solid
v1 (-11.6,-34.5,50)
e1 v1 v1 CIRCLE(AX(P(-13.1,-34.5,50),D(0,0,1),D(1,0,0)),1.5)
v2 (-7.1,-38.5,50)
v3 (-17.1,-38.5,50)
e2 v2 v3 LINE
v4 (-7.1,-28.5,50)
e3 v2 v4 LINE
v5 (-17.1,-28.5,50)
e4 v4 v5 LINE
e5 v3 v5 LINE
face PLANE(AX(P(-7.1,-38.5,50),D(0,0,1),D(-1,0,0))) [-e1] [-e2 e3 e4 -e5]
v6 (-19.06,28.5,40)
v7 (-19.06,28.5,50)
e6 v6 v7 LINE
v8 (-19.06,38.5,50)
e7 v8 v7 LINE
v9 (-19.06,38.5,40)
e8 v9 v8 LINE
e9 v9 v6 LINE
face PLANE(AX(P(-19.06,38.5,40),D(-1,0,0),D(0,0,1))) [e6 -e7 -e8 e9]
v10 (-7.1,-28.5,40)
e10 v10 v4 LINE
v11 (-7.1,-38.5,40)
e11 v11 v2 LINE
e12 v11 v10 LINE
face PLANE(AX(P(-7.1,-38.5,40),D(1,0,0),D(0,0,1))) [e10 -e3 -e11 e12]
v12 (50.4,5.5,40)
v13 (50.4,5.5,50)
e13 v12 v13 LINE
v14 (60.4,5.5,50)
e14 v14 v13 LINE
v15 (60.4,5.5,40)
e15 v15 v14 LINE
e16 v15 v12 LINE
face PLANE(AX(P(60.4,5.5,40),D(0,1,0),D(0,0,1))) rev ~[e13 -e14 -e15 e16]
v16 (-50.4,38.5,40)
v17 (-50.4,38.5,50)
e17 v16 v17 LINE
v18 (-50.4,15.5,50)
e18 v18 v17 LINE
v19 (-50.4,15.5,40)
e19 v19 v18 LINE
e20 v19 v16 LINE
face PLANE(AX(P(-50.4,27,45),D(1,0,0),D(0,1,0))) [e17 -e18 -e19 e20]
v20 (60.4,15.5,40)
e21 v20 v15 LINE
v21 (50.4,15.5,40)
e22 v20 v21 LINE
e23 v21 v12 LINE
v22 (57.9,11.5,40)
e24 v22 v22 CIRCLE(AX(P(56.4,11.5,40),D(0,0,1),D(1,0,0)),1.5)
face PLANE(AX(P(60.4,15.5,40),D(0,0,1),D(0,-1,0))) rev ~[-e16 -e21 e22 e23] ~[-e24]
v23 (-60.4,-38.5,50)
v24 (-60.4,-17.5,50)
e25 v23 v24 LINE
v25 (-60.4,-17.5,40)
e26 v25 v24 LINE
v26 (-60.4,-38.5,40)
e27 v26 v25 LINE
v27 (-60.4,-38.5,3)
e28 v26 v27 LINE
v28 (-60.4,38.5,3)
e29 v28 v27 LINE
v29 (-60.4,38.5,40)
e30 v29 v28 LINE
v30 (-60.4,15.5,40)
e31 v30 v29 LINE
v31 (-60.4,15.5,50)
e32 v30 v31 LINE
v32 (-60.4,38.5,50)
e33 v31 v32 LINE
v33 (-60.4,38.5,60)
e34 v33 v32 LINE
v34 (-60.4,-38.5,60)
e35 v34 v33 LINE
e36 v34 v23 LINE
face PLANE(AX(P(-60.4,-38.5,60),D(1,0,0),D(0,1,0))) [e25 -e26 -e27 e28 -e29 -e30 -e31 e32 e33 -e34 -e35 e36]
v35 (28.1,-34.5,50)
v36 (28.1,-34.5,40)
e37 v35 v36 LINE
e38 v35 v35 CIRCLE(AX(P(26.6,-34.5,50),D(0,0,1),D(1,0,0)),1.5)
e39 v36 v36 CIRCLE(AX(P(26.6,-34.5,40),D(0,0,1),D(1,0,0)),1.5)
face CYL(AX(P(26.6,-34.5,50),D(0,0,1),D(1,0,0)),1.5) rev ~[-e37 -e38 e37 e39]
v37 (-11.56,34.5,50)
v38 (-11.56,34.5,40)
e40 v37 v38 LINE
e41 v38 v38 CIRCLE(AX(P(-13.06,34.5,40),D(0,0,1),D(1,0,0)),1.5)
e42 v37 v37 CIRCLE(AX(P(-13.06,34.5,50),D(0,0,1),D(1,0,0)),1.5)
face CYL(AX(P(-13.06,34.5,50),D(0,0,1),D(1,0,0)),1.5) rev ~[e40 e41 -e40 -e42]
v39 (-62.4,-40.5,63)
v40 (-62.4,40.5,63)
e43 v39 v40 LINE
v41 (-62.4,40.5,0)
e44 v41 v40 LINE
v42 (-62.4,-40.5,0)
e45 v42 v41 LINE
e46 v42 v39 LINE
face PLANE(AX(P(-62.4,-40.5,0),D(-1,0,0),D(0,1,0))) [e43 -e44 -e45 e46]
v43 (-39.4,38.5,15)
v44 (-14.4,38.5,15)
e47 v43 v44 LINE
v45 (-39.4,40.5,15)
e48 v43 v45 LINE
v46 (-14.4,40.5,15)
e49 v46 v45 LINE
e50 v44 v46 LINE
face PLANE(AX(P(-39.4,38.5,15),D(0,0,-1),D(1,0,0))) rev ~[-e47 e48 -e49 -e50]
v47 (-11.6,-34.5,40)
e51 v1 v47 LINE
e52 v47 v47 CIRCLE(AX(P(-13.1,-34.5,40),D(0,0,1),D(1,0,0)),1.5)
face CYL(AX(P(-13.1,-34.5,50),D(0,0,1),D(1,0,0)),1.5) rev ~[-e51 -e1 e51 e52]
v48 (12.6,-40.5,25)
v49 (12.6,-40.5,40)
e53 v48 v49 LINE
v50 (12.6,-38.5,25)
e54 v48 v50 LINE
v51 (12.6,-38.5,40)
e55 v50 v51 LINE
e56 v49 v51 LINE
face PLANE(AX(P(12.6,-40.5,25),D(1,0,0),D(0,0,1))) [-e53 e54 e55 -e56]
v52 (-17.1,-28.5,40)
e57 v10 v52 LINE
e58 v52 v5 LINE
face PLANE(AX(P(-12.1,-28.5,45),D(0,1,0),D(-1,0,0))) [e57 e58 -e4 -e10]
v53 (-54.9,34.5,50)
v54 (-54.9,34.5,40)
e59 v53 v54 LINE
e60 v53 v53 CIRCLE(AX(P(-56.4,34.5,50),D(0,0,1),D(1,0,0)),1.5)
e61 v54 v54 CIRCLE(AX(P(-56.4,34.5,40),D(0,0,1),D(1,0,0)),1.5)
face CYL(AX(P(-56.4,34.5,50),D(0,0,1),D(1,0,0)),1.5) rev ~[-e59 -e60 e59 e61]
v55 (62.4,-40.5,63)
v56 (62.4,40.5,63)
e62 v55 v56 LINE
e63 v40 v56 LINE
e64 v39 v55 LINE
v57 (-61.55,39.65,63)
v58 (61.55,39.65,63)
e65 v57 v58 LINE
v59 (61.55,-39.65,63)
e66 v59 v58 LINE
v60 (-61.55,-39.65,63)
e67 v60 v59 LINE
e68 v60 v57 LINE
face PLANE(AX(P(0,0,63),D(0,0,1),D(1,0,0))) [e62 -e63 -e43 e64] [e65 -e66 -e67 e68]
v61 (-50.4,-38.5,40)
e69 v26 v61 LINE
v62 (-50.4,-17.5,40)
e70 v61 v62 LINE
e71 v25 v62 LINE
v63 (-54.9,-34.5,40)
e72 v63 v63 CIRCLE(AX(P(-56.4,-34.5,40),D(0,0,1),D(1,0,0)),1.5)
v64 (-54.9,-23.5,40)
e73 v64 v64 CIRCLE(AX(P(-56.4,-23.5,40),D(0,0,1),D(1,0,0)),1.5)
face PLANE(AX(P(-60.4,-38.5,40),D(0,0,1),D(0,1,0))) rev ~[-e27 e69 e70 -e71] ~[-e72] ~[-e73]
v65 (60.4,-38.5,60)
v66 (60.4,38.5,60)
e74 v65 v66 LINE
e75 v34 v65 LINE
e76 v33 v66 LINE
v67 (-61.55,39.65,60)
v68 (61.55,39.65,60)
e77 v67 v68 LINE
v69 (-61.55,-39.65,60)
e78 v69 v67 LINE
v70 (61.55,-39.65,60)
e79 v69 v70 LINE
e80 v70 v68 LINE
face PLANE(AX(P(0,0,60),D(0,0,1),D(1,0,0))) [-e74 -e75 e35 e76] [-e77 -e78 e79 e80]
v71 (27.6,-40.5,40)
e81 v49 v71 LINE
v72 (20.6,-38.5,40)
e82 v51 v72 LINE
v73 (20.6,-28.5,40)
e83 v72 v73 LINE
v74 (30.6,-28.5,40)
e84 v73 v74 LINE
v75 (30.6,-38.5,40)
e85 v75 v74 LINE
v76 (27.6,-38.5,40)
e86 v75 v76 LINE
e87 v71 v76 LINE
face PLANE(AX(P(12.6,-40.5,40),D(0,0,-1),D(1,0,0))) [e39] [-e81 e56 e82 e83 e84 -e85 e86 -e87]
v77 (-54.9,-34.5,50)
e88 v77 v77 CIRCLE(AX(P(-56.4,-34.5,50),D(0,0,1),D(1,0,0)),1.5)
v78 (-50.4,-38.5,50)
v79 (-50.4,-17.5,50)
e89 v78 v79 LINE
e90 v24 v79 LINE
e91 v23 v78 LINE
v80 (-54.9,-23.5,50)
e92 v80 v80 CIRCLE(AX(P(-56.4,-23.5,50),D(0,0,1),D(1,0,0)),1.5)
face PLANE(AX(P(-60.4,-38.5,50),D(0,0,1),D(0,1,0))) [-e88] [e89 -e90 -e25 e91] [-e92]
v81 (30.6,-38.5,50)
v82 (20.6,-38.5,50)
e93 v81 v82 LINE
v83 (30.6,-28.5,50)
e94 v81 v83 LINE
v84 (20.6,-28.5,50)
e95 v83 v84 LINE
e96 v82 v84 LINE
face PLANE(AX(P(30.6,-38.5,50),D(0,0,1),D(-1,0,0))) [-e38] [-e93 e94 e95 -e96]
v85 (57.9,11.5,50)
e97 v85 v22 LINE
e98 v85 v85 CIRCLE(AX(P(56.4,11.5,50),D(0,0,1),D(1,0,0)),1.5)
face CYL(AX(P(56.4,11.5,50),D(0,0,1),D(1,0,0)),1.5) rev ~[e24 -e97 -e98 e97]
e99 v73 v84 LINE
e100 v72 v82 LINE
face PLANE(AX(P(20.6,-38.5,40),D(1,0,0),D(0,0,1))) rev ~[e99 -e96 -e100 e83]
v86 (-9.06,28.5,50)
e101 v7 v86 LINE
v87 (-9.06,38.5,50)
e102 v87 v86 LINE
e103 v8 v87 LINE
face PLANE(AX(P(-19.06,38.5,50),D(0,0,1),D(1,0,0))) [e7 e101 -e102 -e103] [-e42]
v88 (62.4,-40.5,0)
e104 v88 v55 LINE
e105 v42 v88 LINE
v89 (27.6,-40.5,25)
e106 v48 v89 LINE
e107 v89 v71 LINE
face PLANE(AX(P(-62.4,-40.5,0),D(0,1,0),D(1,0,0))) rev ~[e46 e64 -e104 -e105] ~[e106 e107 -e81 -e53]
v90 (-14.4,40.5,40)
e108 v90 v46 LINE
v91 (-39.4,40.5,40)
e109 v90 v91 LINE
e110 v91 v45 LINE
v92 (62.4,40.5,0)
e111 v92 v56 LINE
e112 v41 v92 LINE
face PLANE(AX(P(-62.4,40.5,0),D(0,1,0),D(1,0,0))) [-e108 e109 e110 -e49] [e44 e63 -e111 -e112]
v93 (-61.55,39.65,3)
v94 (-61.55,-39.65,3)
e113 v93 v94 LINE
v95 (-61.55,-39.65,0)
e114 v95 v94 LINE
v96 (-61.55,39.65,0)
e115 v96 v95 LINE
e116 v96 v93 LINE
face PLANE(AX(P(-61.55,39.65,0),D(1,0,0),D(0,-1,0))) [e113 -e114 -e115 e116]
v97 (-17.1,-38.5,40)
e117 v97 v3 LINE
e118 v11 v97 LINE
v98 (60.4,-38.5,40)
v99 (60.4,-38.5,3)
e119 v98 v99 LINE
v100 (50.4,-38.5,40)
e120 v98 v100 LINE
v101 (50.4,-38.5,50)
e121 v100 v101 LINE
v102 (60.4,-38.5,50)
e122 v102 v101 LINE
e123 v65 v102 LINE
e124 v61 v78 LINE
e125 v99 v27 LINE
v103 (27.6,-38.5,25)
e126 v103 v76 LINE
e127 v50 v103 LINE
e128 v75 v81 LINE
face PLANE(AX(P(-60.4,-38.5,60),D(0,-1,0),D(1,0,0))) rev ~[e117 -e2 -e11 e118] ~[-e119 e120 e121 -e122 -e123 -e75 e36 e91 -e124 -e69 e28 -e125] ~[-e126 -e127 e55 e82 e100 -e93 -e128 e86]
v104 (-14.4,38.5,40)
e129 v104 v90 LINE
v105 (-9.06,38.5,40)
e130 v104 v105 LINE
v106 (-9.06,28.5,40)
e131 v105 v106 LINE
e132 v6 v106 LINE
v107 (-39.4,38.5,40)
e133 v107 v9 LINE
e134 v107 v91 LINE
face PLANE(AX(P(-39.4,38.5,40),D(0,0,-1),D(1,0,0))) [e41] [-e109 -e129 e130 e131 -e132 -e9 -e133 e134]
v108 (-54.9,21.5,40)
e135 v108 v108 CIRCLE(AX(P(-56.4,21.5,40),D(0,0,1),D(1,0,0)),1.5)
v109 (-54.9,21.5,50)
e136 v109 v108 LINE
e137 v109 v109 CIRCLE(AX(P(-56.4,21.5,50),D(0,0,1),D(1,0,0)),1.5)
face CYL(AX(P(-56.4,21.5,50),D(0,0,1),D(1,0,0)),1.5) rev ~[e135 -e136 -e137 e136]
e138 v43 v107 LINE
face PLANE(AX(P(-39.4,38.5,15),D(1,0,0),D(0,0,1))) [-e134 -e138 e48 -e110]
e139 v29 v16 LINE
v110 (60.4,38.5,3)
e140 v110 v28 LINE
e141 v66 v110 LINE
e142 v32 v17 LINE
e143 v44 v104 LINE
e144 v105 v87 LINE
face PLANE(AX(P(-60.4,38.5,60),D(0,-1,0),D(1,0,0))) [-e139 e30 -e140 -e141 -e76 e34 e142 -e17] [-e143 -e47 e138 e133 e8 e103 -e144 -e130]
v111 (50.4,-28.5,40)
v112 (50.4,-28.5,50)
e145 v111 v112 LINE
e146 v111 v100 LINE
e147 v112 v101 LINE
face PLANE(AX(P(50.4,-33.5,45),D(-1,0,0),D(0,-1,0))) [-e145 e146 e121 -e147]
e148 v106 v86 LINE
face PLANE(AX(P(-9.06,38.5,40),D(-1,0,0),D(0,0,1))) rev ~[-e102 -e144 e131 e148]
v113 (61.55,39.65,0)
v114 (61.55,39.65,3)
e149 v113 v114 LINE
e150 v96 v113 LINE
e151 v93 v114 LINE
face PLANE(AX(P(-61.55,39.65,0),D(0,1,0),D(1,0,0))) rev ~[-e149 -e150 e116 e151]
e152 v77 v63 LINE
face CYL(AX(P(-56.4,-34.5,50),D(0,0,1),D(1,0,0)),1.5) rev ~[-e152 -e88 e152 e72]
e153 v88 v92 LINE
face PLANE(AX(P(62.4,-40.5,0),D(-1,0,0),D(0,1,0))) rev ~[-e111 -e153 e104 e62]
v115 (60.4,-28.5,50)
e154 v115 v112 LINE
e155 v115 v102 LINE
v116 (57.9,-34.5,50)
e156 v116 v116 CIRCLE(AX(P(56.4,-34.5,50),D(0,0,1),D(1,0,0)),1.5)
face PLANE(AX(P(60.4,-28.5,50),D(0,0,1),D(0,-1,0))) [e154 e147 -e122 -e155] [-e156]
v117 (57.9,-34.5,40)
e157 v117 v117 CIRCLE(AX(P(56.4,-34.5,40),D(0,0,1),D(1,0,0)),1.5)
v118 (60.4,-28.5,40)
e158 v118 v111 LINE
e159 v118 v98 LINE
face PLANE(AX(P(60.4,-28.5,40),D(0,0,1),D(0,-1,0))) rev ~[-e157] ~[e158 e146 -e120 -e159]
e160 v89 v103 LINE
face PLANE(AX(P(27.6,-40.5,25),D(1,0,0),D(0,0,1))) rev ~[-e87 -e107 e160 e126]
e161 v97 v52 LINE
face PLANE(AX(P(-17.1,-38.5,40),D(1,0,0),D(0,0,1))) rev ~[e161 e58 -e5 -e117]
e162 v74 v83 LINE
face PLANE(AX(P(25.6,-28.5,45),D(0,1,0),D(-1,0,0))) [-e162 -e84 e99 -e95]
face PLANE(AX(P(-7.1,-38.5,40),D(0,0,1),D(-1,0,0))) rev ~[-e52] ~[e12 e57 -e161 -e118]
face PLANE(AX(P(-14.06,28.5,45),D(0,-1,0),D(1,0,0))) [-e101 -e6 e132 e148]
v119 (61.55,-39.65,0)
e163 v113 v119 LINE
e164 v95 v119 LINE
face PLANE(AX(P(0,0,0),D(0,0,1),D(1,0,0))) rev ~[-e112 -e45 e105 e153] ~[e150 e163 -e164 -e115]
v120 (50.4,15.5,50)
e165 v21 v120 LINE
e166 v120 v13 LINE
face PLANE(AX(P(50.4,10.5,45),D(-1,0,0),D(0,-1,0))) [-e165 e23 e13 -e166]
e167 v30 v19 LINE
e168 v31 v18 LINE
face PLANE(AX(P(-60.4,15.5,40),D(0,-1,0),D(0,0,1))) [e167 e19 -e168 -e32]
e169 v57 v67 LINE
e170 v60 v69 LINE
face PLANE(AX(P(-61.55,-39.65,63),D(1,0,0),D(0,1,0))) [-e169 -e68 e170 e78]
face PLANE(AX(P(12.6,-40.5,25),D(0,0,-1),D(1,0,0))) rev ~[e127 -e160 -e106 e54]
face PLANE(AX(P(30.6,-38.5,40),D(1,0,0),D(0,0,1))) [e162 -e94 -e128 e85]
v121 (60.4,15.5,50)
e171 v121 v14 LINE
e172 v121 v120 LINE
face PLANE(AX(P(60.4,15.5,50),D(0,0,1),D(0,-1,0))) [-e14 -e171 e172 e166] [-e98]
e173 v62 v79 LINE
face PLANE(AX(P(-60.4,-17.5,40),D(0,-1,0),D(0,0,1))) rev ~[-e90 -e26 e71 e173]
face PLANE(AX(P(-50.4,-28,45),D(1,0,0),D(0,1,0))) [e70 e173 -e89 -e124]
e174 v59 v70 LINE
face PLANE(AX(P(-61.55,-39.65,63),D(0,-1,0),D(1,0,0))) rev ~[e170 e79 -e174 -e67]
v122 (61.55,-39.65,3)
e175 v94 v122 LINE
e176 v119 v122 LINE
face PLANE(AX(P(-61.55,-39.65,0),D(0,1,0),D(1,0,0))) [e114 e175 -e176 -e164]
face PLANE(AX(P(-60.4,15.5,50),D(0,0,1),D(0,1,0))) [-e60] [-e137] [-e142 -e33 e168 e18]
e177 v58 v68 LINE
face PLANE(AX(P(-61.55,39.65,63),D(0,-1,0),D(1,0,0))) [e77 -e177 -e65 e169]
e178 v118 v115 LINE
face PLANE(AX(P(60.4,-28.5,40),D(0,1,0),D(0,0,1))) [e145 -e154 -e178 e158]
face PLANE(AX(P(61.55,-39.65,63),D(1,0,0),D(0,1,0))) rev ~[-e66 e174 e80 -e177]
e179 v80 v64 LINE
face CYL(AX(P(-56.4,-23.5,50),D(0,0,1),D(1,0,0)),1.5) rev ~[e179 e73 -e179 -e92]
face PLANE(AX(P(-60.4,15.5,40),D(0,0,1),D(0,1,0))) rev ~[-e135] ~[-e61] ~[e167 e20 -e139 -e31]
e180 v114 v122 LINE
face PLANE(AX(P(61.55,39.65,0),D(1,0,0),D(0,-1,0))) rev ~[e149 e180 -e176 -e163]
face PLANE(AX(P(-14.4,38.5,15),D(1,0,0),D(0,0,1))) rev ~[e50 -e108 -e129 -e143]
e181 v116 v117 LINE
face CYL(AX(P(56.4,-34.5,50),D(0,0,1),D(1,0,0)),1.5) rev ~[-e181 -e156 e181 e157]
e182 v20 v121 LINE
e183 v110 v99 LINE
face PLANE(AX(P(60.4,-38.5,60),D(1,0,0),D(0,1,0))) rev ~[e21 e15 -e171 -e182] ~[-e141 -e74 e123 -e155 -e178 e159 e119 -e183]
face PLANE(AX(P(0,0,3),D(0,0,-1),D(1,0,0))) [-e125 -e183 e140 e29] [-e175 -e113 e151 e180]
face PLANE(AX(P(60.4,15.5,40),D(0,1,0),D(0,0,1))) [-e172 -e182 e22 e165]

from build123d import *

# Parameters (mm, degrees)
F0_W      = 124.8
F0_H      = 81
F1_DEPTH  = 63
F2_W      = 123.1
F2_H      = 79.3
F3_DEPTH  = 3
F4_W      = 123.1
F4_H      = 79.3
F5_DEPTH  = 3
F6_W      = 120.8
F6_H      = 77
F7_DEPTH  = 60.001
F8_W      = 21
F8_H      = 10
F9_DEPTH  = 10
F10_W     = 23
F10_H     = 10
F11_DEPTH = 10
F12_W     = 10
F12_H     = 10
F13_DEPTH = 10
F14_W     = 10
F14_H     = 10
F15_DEPTH = 10
F16_W     = 10
F16_H     = 10
F17_DEPTH = 10
F18_W     = 10
F18_H     = 10
F19_DEPTH = 10
F20_W     = 10
F20_H     = 10
F21_DEPTH = 10
F22_R     = 1.5
F23_DEPTH = 50.001
F24_R     = 1.5
F25_DEPTH = 50.001
F26_R     = 1.5
F27_DEPTH = 50.001
F28_R     = 1.5
F29_DEPTH = 50.001
F30_R     = 1.5
F31_DEPTH = 50.001
F32_R     = 1.5
F33_DEPTH = 50.001
F34_R     = 1.5
F35_DEPTH = 50.001
F36_R     = 1.5
F37_DEPTH = 50.001
F38_R     = 1.5
F39_DEPTH = 50.001
F40_W     = 25
F40_H     = 25
F41_DEPTH = 2.001
F42_W     = 15
F42_H     = 15
F43_DEPTH = 12


with BuildPart() as f1:
    # F0 (on Top) → F1 (new body)
    with BuildSketch(Plane.XY):
        Rectangle(F0_W, F0_H)
    extrude(amount=F1_DEPTH)

    # F2 (on face) → F3 (cut)
    with BuildSketch(Plane(origin=(0, 0, 0), x_dir=(1, 0, 0), z_dir=(0, 0, -1))):
        Rectangle(F2_W, F2_H)
    extrude(amount=-F3_DEPTH, mode=Mode.SUBTRACT)

    # F4 (on face) → F5 (cut)
    with BuildSketch(Plane.XY.offset(63)):
        Rectangle(F4_W, F4_H)
    extrude(amount=-F5_DEPTH, mode=Mode.SUBTRACT)

    # F6 (on face) → F7 (cut, through all)
    with BuildSketch(Plane.XY.offset(60)):
        Rectangle(F6_W, F6_H)
    extrude(amount=-F7_DEPTH, mode=Mode.SUBTRACT)

    # F8 (on face) → F9 (join)
    with BuildSketch(Plane.YZ.offset(-60.4)):
        with Locations((-28, 45)):
            Rectangle(F8_W, F8_H)
    extrude(amount=F9_DEPTH)

    # F10 (on face) → F11 (join)
    with BuildSketch(Plane.YZ.offset(-60.4)):
        with Locations((27, 45)):
            Rectangle(F10_W, F10_H)
    extrude(amount=F11_DEPTH)

    # F12 (on face) → F13 (join)
    with BuildSketch(Plane(origin=(60.4, 0, 0), x_dir=(0, -1, 0), z_dir=(-1, 0, 0))):
        with Locations((33.5, 45)):
            Rectangle(F12_W, F12_H)
    extrude(amount=F13_DEPTH)

    # F14 (on face) → F15 (join)
    with BuildSketch(Plane(origin=(60.4, 0, 0), x_dir=(0, -1, 0), z_dir=(-1, 0, 0))):
        with Locations((-10.5, 45)):
            Rectangle(F14_W, F14_H)
    extrude(amount=F15_DEPTH)

    # F16 (on face) → F17 (join)
    with BuildSketch(Plane(origin=(0, -38.5, 0), x_dir=(-1, 0, 0), z_dir=(0, 1, 0))):
        with Locations((-25.6, 45)):
            Rectangle(F16_W, F16_H)
    extrude(amount=F17_DEPTH)

    # F18 (on face) → F19 (join)
    with BuildSketch(Plane(origin=(0, -38.5, 0), x_dir=(-1, 0, 0), z_dir=(0, 1, 0))):
        with Locations((12.1, 45)):
            Rectangle(F18_W, F18_H)
    extrude(amount=F19_DEPTH)

    # F20 (on face) → F21 (join)
    with BuildSketch(Plane.XZ.offset(-38.5)):
        with Locations((-14.06, 45)):
            Rectangle(F20_W, F20_H)
    extrude(amount=F21_DEPTH)

    # F22 (on face) → F23 (cut, through all)
    with BuildSketch(Plane.XY.offset(50)):
        with Locations((-56.4, -34.5)):
            Circle(F22_R)
    extrude(amount=-F23_DEPTH, mode=Mode.SUBTRACT)

    # F24 (on face) → F25 (cut, through all)
    with BuildSketch(Plane.XY.offset(50)):
        with Locations((-56.4, -23.5)):
            Circle(F24_R)
    extrude(amount=-F25_DEPTH, mode=Mode.SUBTRACT)

    # F26 (on face) → F27 (cut, through all)
    with BuildSketch(Plane.XY.offset(50)):
        with Locations((-56.4, 34.5)):
            Circle(F26_R)
    extrude(amount=-F27_DEPTH, mode=Mode.SUBTRACT)

    # F28 (on face) → F29 (cut, through all)
    with BuildSketch(Plane.XY.offset(50)):
        with Locations((-56.4, 21.5)):
            Circle(F28_R)
    extrude(amount=-F29_DEPTH, mode=Mode.SUBTRACT)

    # F30 (on face) → F31 (cut, through all)
    with BuildSketch(Plane.XY.offset(50)):
        with Locations((56.4, -34.5)):
            Circle(F30_R)
    extrude(amount=-F31_DEPTH, mode=Mode.SUBTRACT)

    # F32 (on face) → F33 (cut, through all)
    with BuildSketch(Plane.XY.offset(50)):
        with Locations((56.4, 11.5)):
            Circle(F32_R)
    extrude(amount=-F33_DEPTH, mode=Mode.SUBTRACT)

    # F34 (on face) → F35 (cut, through all)
    with BuildSketch(Plane.XY.offset(50)):
        with Locations((26.6, -34.5)):
            Circle(F34_R)
    extrude(amount=-F35_DEPTH, mode=Mode.SUBTRACT)

    # F36 (on face) → F37 (cut, through all)
    with BuildSketch(Plane.XY.offset(50)):
        with Locations((-13.1, -34.5)):
            Circle(F36_R)
    extrude(amount=-F37_DEPTH, mode=Mode.SUBTRACT)

    # F38 (on face) → F39 (cut, through all)
    with BuildSketch(Plane.XY.offset(50)):
        with Locations((-13.06, 34.5)):
            Circle(F38_R)
    extrude(amount=-F39_DEPTH, mode=Mode.SUBTRACT)

    # F40 (on face) → F41 (cut, through all)
    with BuildSketch(Plane.XZ.offset(-38.5)):
        with Locations((-26.9, 27.5)):
            Rectangle(F40_W, F40_H)
    extrude(amount=-F41_DEPTH, mode=Mode.SUBTRACT)

    # F42 (on face) → F43 (cut)
    with BuildSketch(Plane.XZ.offset(40.5)):
        with Locations((20.1, 32.5)):
            Rectangle(F42_W, F42_H)
    extrude(amount=-F43_DEPTH, mode=Mode.SUBTRACT)


solid = f1.part
